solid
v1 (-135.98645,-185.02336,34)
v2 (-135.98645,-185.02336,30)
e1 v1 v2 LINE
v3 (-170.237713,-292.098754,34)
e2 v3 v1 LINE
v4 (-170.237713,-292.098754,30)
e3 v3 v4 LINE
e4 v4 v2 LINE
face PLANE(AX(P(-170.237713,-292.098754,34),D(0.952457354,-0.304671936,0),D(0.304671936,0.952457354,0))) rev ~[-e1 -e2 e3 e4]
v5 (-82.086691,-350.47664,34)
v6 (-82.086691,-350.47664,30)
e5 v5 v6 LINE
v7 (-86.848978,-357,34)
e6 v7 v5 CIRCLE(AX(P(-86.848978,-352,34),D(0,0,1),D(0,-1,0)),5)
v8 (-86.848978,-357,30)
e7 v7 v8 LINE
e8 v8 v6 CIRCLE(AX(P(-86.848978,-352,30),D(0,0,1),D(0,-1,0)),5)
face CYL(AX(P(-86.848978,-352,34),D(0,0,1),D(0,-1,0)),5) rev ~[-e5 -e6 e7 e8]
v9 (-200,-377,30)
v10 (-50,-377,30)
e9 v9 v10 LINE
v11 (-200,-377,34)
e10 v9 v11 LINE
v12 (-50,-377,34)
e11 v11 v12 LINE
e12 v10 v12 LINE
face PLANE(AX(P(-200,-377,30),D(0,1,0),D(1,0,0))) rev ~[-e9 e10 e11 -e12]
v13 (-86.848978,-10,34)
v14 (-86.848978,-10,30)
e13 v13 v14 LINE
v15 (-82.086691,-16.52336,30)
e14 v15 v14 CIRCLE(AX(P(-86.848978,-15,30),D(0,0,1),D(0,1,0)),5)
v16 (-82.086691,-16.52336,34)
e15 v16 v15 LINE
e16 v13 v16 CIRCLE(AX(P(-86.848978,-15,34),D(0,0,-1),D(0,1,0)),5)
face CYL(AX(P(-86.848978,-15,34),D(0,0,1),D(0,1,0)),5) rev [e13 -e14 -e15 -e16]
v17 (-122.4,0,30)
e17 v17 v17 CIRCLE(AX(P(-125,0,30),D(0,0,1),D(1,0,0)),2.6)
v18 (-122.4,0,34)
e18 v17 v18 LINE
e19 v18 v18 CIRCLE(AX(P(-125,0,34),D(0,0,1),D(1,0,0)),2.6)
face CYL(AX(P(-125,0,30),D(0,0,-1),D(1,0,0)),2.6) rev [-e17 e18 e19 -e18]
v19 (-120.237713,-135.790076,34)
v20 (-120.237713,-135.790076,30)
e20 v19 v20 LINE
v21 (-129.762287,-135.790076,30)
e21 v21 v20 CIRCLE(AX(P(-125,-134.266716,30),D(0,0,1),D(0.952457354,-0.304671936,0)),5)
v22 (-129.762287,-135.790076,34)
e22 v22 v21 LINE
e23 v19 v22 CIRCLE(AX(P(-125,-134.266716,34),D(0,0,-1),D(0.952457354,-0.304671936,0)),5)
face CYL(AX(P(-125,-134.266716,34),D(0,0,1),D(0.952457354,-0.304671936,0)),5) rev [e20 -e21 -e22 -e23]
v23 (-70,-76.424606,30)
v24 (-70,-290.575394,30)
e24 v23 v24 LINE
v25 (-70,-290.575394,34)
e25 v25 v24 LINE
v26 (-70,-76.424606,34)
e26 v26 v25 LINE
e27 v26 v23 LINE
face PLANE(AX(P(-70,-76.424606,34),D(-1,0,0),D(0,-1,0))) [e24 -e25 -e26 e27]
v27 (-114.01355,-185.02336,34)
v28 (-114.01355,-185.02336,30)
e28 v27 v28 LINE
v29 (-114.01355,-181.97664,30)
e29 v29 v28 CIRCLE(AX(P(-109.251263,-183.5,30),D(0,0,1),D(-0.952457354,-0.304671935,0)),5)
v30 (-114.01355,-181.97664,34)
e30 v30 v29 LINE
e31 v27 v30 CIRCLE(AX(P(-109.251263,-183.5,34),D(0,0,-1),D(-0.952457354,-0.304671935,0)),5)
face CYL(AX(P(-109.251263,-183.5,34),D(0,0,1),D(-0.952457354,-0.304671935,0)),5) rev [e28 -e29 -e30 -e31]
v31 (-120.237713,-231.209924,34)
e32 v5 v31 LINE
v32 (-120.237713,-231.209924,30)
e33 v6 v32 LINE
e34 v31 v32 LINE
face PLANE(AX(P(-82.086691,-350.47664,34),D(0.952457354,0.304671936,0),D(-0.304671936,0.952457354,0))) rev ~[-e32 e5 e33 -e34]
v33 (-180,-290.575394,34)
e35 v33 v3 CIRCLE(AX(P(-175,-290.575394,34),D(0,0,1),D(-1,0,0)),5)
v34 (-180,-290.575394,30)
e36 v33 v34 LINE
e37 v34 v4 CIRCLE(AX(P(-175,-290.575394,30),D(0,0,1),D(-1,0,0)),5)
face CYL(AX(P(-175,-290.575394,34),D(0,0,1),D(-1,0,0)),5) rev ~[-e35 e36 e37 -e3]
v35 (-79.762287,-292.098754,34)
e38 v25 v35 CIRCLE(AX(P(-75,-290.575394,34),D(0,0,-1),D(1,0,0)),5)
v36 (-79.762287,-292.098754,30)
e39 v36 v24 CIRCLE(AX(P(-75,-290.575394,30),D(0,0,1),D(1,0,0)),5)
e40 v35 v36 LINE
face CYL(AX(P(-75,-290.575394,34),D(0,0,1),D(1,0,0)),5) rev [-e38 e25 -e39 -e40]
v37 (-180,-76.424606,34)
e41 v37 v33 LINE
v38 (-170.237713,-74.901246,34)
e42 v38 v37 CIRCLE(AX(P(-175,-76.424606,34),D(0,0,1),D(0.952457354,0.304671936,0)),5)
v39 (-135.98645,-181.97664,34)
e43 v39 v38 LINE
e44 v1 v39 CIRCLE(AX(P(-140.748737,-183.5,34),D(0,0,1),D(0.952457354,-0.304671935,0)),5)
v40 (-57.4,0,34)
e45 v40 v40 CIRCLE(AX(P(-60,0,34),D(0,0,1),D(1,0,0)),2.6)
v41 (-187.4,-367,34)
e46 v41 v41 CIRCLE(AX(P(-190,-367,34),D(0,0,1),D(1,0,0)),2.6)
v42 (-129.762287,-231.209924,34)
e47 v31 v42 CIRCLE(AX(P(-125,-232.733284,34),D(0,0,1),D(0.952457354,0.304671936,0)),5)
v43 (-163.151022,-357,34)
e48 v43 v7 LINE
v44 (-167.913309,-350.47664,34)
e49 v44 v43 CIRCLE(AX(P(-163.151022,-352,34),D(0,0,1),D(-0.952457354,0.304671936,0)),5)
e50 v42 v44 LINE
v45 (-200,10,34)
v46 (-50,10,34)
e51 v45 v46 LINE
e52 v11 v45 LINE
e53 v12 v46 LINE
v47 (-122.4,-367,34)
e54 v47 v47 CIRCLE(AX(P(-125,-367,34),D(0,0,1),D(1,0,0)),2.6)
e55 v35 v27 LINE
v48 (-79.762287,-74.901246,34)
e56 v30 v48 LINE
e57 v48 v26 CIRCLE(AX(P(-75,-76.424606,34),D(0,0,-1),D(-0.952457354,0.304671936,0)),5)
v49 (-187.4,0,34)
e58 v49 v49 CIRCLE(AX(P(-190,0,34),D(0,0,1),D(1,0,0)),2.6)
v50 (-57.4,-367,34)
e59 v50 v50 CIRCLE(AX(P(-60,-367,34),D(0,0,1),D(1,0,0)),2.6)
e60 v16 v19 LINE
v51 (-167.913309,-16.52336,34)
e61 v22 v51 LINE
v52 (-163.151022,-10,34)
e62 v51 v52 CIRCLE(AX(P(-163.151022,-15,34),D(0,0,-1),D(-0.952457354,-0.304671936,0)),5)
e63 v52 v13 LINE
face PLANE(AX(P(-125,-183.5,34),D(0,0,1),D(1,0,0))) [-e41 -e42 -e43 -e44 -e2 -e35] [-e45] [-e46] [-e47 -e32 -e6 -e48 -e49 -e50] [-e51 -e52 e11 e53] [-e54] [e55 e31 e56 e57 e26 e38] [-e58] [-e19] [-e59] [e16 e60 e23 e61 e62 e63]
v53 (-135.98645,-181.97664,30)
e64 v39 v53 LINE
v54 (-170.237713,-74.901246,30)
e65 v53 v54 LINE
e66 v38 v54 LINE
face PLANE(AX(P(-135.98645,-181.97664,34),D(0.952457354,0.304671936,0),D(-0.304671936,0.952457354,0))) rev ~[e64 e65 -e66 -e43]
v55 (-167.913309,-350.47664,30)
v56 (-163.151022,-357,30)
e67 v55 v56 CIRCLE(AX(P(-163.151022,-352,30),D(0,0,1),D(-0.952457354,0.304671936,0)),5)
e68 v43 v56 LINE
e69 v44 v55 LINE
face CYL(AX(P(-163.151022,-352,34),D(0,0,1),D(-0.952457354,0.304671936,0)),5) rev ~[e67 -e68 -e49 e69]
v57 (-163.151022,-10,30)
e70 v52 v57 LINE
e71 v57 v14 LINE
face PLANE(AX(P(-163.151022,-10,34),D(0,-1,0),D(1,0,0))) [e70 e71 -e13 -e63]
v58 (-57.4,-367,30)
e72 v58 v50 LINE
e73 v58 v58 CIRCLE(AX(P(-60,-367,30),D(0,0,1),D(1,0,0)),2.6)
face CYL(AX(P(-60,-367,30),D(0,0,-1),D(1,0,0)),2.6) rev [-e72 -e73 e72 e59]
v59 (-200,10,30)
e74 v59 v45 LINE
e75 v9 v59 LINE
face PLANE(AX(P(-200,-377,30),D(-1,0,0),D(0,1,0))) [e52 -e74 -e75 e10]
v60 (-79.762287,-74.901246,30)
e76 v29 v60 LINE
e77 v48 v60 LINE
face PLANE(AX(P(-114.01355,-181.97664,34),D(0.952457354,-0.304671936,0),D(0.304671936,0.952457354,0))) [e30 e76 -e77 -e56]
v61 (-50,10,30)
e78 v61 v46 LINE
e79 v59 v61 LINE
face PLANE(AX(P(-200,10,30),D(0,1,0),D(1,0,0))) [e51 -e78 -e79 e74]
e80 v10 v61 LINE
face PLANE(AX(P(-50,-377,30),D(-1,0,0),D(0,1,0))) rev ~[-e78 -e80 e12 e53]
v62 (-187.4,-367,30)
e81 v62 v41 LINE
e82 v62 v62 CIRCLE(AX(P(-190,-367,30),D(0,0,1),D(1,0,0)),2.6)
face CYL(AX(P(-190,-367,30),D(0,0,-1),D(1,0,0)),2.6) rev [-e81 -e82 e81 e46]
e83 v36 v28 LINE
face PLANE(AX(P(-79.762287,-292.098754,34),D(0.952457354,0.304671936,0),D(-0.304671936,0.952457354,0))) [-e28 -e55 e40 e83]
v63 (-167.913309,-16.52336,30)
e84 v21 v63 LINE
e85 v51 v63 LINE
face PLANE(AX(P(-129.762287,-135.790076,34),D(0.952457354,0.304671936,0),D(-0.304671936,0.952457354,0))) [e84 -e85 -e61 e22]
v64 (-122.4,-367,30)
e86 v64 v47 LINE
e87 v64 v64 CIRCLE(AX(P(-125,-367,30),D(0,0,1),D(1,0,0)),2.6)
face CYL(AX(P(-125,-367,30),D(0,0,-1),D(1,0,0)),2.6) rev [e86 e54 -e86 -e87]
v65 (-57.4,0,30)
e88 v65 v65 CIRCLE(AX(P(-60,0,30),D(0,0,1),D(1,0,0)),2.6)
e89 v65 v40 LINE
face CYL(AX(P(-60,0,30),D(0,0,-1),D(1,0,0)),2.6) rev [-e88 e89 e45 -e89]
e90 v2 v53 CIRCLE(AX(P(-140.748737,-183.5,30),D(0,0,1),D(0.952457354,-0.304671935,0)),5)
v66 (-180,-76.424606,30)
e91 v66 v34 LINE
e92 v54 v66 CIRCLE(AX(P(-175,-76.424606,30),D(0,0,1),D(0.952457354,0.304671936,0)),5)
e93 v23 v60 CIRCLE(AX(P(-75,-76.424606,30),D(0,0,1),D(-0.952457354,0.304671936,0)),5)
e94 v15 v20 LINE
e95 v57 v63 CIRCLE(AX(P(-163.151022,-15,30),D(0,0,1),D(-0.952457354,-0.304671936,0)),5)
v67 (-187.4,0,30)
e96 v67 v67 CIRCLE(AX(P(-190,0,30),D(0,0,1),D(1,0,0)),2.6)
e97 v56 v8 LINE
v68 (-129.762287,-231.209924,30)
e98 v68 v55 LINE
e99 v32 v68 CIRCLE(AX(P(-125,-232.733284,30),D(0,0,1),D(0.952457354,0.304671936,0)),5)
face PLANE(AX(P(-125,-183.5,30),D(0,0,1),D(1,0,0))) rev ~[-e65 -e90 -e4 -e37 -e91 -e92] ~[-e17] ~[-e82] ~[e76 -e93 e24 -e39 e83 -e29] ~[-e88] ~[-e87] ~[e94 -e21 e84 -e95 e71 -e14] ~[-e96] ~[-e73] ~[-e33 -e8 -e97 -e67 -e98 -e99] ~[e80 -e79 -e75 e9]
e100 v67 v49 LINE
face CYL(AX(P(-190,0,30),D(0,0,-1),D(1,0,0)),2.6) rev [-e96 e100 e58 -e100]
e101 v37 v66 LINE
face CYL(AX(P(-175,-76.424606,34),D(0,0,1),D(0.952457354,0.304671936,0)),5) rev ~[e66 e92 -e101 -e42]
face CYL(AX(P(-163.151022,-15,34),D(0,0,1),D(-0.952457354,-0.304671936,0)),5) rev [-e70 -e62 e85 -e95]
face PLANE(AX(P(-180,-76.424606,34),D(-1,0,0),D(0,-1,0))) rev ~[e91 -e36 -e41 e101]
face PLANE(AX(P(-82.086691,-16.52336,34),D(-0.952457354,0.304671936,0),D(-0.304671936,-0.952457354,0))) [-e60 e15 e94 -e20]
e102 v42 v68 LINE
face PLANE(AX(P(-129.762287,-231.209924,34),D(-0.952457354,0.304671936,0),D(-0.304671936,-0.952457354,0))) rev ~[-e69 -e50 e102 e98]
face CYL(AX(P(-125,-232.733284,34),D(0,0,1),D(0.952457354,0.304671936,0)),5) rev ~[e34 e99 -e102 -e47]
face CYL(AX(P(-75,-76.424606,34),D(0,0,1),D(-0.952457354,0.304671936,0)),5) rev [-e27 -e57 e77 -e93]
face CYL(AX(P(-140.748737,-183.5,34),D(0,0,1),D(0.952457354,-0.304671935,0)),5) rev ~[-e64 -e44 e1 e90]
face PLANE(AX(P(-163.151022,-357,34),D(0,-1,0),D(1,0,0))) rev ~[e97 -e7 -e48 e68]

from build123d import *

# Parameters (mm, degrees)
SKETCH2_W           = 150
SKETCH2_H           = 387
SKETCH2_R           = 2.6
BOSS_EXTRUDE1_DEPTH = 4
CUT_EXTRUDE1_DEPTH  = 10


with BuildPart() as part:
    # Sketch2 → Boss-Extrude1 (new body)
    with BuildSketch(Plane.XY.offset(30)):
        with Locations((-125, -183.5)):
            Rectangle(SKETCH2_W, SKETCH2_H)
        with Locations((-190, 0)):
            Circle(SKETCH2_R, mode=Mode.SUBTRACT)
        with Locations((-60, 0)):
            Circle(SKETCH2_R, mode=Mode.SUBTRACT)
        with Locations((-125, 0)):
            Circle(SKETCH2_R, mode=Mode.SUBTRACT)
        with Locations((-60, -367)):
            Circle(SKETCH2_R, mode=Mode.SUBTRACT)
        with Locations((-125, -367)):
            Circle(SKETCH2_R, mode=Mode.SUBTRACT)
        with Locations((-190, -367)):
            Circle(SKETCH2_R, mode=Mode.SUBTRACT)
    extrude(amount=BOSS_EXTRUDE1_DEPTH)

    # Sketch3 → Cut-Extrude1 (cut)
    with BuildSketch(Plane.XY.offset(34)):
        with BuildLine():
            Line((-163.151021772, -10), (-86.848978228, -10))
            ThreePointArc((-86.848978228, -10), (-82.810612321, -12.051847901), (-82.086691458, -16.523359681))
            Line((-82.086691458, -16.523359681), (-120.23771323, -135.790075557))
            ThreePointArc((-120.23771323, -135.790075557), (-125, -139.266715876), (-129.76228677, -135.790075557))
            Line((-129.76228677, -135.790075557), (-167.913308542, -16.523359681))
            ThreePointArc((-167.913308542, -16.523359681), (-167.189387679, -12.051847901), (-163.151021772, -10))
        make_face()
        with BuildLine():
            Line((-180, -76.424605697), (-180, -290.575394303))
            ThreePointArc((-180, -290.575394303), (-175.770897577, -295.515608562), (-170.23771323, -292.098753984))
            Line((-170.23771323, -292.098753984), (-135.986449838, -185.023359681))
            ThreePointArc((-135.986449838, -185.023359681), (-135.748736609, -183.5), (-135.986449838, -181.976640319))
            Line((-135.986449838, -181.976640319), (-170.23771323, -74.901246016))
            ThreePointArc((-170.23771323, -74.901246016), (-175.770897577, -71.484391438), (-180, -76.424605697))
        make_face()
        with BuildLine():
            Line((-163.151021772, -357), (-86.848978228, -357))
            ThreePointArc((-86.848978228, -357), (-82.810612321, -354.948152099), (-82.086691458, -350.476640319))
            Line((-82.086691458, -350.476640319), (-120.23771323, -231.209924443))
            ThreePointArc((-120.23771323, -231.209924443), (-125, -227.733284124), (-129.76228677, -231.209924443))
            Line((-129.76228677, -231.209924443), (-167.913308542, -350.476640319))
            ThreePointArc((-167.913308542, -350.476640319), (-167.189387679, -354.948152099), (-163.151021772, -357))
        make_face()
        with BuildLine():
            Line((-70, -76.424605697), (-70, -290.575394303))
            ThreePointArc((-70, -290.575394303), (-74.229102423, -295.515608562), (-79.76228677, -292.098753984))
            Line((-79.76228677, -292.098753984), (-114.013550162, -185.023359681))
            ThreePointArc((-114.013550162, -185.023359681), (-114.251263391, -183.5), (-114.013550162, -181.976640319))
            Line((-114.013550162, -181.976640319), (-79.76228677, -74.901246016))
            ThreePointArc((-79.76228677, -74.901246016), (-74.229102423, -71.484391438), (-70, -76.424605697))
        make_face()
    extrude(amount=-CUT_EXTRUDE1_DEPTH, mode=Mode.SUBTRACT)


solid = part.part
